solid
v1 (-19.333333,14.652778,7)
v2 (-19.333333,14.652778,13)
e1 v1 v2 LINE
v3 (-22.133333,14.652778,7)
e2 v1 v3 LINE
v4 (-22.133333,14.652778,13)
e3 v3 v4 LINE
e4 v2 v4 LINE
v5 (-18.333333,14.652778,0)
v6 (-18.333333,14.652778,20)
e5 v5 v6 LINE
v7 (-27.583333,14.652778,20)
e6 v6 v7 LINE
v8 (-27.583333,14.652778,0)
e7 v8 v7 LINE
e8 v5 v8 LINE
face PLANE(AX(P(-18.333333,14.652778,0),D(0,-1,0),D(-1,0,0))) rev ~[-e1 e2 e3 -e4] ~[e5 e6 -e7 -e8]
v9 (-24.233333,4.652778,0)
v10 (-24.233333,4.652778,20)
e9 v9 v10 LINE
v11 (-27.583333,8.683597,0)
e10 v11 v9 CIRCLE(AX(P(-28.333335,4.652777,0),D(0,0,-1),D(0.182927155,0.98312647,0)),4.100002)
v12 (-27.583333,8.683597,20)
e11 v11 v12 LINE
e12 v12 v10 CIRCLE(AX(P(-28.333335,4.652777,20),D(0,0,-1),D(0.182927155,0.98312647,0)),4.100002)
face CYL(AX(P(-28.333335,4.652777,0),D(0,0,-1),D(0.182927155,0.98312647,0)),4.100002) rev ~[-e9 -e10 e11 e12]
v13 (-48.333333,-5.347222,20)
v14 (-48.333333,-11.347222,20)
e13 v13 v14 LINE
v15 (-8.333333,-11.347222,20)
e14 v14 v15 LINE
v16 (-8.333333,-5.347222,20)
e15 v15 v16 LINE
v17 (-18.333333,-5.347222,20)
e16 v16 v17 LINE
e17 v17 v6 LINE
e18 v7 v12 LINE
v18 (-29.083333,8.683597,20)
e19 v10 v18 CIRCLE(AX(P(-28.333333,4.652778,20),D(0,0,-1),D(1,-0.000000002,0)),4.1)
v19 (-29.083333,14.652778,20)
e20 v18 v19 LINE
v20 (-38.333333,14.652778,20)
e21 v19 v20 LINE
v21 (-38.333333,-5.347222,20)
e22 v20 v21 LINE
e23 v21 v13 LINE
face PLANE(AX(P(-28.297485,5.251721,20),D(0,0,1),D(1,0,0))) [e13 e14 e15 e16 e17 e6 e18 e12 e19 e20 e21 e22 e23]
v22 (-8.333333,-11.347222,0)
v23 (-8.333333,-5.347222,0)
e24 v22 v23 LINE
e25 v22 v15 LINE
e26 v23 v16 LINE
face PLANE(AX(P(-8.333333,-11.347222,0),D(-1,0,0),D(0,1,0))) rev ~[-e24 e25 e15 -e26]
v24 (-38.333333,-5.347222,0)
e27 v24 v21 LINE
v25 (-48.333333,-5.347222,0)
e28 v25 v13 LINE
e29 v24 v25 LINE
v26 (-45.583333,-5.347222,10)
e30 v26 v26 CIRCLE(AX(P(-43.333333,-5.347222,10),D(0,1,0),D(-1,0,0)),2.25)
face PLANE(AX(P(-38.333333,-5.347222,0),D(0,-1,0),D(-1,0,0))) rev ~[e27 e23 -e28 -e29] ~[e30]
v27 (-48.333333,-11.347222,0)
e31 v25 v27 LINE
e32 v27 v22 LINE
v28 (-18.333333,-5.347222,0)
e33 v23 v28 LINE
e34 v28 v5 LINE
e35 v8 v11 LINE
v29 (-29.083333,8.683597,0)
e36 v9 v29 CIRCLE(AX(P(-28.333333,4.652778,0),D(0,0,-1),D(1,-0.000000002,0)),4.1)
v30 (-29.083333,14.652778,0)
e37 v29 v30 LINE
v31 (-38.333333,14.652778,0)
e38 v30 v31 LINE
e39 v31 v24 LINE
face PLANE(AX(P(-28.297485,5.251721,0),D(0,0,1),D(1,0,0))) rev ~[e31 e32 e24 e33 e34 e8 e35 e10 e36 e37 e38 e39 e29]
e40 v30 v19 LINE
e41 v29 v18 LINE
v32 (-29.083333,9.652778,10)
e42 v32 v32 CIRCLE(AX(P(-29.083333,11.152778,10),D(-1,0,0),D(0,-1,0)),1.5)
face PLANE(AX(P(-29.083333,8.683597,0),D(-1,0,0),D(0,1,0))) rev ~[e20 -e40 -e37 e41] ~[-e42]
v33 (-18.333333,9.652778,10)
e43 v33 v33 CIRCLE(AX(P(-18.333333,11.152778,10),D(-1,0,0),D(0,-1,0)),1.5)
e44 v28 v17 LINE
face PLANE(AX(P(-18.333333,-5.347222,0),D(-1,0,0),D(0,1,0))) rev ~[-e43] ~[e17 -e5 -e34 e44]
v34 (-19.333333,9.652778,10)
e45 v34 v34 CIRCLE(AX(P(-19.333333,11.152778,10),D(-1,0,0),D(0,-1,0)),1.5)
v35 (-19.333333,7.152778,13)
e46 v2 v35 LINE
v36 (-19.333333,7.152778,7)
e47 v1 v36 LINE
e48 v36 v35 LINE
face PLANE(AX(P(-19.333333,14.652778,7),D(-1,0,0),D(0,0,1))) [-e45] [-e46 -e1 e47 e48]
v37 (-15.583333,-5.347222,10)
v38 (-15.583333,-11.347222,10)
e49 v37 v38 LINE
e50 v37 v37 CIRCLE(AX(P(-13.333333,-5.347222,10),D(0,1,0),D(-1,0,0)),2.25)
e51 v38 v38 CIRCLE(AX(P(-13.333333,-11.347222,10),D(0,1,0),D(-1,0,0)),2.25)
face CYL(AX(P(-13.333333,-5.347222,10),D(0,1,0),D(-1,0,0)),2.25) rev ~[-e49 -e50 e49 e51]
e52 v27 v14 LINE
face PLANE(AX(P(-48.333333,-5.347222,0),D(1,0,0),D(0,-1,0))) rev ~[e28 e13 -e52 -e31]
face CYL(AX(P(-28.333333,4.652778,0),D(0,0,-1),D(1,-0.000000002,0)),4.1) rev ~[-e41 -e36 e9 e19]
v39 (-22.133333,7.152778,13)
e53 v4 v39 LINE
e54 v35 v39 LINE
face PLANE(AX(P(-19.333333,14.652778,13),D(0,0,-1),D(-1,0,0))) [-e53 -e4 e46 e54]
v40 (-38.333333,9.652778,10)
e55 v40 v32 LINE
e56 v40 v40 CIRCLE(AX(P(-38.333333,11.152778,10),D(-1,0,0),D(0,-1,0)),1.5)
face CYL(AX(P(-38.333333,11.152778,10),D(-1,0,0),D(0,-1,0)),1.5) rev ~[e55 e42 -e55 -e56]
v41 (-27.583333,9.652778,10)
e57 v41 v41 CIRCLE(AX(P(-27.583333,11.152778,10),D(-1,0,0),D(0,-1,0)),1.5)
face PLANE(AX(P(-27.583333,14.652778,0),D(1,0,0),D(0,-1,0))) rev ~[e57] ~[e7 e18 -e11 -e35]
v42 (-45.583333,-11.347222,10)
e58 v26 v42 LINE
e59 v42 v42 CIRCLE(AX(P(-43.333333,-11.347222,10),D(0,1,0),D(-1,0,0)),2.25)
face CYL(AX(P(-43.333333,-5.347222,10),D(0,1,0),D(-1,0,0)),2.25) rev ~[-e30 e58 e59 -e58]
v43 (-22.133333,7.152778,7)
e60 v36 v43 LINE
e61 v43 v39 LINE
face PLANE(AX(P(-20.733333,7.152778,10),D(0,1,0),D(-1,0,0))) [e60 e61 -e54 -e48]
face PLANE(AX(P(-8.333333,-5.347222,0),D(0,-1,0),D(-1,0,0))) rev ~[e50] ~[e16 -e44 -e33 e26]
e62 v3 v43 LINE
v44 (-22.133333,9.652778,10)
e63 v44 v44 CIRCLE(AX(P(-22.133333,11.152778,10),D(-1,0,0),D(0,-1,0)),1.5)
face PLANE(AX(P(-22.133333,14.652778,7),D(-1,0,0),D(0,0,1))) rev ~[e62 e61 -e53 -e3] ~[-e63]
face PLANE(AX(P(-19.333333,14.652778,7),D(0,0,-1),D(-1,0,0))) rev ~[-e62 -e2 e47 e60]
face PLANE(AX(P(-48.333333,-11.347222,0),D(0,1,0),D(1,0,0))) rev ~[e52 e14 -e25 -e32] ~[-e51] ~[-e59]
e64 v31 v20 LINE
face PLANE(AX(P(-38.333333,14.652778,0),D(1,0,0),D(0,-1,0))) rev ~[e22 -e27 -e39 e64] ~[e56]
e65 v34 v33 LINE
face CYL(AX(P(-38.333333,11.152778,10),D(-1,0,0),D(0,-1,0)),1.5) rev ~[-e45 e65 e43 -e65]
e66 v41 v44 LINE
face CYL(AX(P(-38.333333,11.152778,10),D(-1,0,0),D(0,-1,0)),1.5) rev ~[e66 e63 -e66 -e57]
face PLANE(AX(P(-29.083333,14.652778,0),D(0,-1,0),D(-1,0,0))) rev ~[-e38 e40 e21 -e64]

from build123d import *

# Parameters (mm, degrees)
F1_DEPTH = 20
F2_R     = 1.5
F3_DEPTH = 20
F4_W     = 2.8
F4_H     = 6
F5_DEPTH = 7.5
F6_R     = 2.25
F7_DEPTH = 6


with BuildPart() as f1:
    # F0 (on Top) → F1 (new body)
    with BuildSketch(Plane.XY):
        with BuildLine():
            Line((-38.333333, 14.652778), (-38.333333, -5.347222))
            Line((-38.333333, -5.347222), (-18.333333, -5.347222))
            Line((-18.333333, -5.347222), (-18.333333, 14.652778))
            Line((-18.333333, 14.652778), (-27.583333, 14.652778))
            Line((-27.583333, 14.652778), (-27.583333, 8.683597))
            ThreePointArc((-27.583333, 8.683597), (-25.18016, 7.273369), (-24.233333, 4.652778))
            ThreePointArc((-24.233333, 4.652778), (-30.953925, 1.499605), (-29.083333, 8.683597))
            Line((-29.083333, 8.683597), (-29.083333, 14.652778))
            Line((-29.083333, 14.652778), (-38.333333, 14.652778))
        make_face()
        Polygon((-48.333333, -5.347222), (-48.333333, -11.347222), (-8.333333, -11.347222), (-8.333333, -5.347222), (-18.333333, -5.347222), (-38.333333, -5.347222), align=None)
    extrude(amount=F1_DEPTH)

    # F2 (on face) → F3 (cut)
    with BuildSketch(Plane(origin=(-38.333333, 0, 0), x_dir=(0, -1, 0), z_dir=(-1, 0, 0))):
        with Locations((-11.152778, 10)):
            Circle(F2_R)
    extrude(amount=-F3_DEPTH, mode=Mode.SUBTRACT)

    # F4 (on face) → F5 (cut)
    with BuildSketch(Plane(origin=(0, 14.652778, 0), x_dir=(-1, 0, 0), z_dir=(0, 1, 0))):
        with Locations((20.733333, 10)):
            Rectangle(F4_W, F4_H)
    extrude(amount=-F5_DEPTH, mode=Mode.SUBTRACT)

    # F6 (on face) → F7 (cut)
    with BuildSketch(Plane(origin=(0, -5.347222, 0), x_dir=(-1, 0, 0), z_dir=(0, 1, 0))):
        with Locations((43.333333, 10)):
            Circle(F6_R)
        with Locations((13.333333, 10)):
            Circle(F6_R)
    extrude(amount=-F7_DEPTH, mode=Mode.SUBTRACT)


solid = f1.part
